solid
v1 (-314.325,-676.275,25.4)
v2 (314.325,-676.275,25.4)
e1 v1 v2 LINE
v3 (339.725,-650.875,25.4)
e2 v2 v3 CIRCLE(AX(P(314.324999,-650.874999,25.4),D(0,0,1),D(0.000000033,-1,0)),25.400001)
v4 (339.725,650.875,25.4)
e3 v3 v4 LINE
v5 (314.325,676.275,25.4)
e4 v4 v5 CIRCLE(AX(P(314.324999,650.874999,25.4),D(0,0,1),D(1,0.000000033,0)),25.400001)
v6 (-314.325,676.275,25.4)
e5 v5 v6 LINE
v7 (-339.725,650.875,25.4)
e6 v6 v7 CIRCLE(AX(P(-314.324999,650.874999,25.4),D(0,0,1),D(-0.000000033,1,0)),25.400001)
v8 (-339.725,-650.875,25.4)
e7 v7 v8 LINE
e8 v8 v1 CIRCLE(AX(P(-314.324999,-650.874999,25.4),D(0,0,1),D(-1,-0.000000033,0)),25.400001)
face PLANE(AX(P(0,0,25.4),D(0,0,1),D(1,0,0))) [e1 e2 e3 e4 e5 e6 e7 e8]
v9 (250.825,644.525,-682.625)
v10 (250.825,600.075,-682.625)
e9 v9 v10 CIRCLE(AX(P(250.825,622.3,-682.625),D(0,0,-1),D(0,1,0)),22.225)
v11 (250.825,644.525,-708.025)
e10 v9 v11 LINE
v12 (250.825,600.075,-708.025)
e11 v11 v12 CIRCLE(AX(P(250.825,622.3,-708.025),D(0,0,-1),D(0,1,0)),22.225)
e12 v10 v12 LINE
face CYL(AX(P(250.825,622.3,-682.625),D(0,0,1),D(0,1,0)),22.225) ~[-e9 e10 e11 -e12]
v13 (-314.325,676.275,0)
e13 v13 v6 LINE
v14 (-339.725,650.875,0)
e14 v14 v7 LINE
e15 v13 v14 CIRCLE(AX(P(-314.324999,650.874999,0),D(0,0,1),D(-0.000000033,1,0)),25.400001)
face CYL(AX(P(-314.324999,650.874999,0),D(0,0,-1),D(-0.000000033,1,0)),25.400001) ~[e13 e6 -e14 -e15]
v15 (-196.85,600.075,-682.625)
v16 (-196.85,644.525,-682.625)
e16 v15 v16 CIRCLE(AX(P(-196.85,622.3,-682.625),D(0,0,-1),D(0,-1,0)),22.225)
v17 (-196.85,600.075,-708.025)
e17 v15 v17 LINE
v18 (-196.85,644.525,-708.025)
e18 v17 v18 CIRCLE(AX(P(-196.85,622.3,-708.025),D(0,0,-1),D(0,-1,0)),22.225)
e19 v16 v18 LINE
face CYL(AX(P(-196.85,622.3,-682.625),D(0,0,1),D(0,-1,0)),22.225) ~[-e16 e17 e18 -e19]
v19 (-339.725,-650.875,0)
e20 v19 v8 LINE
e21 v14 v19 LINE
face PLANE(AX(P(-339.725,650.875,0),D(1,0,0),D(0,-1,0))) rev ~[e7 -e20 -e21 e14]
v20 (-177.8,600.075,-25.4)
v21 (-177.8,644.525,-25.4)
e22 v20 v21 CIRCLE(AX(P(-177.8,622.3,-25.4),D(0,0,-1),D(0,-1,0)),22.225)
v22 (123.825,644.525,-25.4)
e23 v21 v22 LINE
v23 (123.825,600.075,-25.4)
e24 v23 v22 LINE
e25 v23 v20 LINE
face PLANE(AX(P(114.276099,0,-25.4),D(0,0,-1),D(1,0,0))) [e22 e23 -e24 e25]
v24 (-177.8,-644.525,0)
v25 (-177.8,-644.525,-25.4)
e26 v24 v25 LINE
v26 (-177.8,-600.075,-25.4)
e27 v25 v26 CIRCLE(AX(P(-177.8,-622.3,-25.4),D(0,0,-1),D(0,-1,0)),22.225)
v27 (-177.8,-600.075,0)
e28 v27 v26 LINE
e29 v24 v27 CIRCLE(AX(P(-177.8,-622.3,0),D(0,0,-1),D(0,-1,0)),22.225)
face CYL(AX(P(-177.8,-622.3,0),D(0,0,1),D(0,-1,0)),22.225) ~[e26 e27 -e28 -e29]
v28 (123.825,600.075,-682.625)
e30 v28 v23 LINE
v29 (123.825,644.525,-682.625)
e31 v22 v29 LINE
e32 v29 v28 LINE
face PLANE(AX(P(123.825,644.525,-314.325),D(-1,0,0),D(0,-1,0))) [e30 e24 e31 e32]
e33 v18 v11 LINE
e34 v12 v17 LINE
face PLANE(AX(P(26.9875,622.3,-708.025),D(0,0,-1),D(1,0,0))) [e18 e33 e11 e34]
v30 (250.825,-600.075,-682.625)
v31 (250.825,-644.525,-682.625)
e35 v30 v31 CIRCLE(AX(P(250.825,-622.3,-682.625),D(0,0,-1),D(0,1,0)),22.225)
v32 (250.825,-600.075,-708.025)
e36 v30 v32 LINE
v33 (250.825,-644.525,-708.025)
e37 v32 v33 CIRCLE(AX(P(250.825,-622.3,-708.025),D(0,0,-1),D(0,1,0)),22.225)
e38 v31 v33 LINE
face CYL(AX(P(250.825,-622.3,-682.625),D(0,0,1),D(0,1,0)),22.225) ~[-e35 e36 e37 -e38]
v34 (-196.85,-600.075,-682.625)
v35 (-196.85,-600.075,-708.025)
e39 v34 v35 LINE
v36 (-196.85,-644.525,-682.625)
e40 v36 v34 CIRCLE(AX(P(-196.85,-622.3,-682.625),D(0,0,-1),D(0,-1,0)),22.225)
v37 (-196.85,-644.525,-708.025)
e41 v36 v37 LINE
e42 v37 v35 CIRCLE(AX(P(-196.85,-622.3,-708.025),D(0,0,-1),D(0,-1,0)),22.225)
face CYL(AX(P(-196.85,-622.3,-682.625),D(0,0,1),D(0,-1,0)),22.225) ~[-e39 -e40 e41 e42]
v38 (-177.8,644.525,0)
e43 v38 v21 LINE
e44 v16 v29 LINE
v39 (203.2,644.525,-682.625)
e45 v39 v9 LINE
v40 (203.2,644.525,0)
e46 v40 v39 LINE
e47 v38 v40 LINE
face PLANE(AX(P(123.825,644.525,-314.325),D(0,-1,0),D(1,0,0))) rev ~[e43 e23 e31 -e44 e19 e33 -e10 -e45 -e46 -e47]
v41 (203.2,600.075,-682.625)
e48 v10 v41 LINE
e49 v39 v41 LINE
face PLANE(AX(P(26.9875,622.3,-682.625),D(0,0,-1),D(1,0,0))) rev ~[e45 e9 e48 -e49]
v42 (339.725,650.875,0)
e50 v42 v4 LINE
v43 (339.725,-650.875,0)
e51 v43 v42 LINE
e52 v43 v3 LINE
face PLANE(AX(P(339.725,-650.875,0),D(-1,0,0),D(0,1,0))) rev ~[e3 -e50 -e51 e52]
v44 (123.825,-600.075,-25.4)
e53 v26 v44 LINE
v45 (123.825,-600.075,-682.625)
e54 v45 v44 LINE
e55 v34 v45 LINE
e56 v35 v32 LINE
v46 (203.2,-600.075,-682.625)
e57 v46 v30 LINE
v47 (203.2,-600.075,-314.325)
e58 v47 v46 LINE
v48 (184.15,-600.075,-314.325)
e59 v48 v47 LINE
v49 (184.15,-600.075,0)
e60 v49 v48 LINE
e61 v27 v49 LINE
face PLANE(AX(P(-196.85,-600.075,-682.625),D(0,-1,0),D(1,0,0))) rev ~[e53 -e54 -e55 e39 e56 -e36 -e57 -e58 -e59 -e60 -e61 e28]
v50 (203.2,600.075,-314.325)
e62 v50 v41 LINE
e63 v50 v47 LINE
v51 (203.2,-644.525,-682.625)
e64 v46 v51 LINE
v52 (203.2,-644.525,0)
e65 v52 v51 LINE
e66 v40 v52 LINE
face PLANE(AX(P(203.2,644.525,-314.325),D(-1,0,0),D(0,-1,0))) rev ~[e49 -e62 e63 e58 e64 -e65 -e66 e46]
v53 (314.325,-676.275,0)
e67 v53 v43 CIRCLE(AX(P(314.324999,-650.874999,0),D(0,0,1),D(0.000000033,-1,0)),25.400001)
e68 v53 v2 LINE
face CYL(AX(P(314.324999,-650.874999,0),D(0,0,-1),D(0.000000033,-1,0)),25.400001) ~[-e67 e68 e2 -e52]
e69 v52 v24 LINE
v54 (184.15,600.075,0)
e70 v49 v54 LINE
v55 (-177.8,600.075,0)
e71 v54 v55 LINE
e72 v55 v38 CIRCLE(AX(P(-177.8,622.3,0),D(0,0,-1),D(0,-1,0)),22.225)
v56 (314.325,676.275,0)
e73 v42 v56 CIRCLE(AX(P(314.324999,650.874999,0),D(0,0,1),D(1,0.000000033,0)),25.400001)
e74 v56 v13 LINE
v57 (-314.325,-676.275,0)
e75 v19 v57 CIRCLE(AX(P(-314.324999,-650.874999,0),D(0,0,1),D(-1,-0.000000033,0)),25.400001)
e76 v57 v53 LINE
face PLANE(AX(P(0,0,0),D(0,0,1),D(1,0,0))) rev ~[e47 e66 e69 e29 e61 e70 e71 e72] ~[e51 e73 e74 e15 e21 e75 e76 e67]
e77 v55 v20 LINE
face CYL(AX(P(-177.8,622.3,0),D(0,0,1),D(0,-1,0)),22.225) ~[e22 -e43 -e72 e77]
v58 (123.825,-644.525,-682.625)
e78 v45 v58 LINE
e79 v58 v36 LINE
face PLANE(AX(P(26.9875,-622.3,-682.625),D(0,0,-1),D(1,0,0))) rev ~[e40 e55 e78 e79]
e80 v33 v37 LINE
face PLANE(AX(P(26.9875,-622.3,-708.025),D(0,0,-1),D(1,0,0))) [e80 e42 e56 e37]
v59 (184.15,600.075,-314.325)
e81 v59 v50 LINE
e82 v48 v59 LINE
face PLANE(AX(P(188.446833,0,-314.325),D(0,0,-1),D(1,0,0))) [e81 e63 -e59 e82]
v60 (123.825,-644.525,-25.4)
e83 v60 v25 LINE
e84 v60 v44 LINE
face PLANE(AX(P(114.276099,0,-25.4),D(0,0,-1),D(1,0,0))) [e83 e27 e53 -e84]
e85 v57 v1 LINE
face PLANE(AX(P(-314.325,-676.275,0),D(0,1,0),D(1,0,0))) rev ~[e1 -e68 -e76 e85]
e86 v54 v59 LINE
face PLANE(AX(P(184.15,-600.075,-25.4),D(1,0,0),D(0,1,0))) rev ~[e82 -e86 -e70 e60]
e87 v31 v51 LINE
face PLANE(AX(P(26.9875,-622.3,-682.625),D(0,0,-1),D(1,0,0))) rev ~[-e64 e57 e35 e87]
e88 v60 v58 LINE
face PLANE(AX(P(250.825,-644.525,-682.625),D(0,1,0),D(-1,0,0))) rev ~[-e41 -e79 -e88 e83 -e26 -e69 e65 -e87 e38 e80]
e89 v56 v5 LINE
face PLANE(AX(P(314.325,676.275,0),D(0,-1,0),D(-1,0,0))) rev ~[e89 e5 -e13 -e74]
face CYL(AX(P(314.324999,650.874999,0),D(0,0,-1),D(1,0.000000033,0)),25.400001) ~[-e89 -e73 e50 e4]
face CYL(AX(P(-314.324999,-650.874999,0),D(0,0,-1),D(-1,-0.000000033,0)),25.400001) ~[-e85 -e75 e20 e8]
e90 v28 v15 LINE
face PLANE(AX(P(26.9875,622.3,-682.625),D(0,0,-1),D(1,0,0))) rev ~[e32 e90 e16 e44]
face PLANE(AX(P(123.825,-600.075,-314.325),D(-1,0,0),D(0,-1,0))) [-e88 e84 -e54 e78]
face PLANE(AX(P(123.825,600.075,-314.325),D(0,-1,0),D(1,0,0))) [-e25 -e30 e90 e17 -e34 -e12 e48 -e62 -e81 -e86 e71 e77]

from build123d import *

# Parameters (mm, degrees)
F1_DEPTH = 25.4
F3_DEPTH = 25.4
F5_DEPTH = 288.925
F6_W     = 79.375
F6_H     = 44.45
F7_DEPTH = 368.3
F9_DEPTH = 25.4


with BuildPart() as f1:
    # F0 (on Top) → F1 (new body)
    with BuildSketch(Plane.XY):
        with BuildLine():
            ThreePointArc((339.725, 650.875), (332.285512, 668.835512), (314.325, 676.275))
            Line((314.325, 676.275), (-314.325, 676.275))
            ThreePointArc((-314.325, 676.275), (-332.285512, 668.835512), (-339.725, 650.875))
            Line((-339.725, 650.875), (-339.725, -650.875))
            ThreePointArc((-339.725, -650.875), (-332.285512, -668.835512), (-314.325, -676.275))
            Line((-314.325, -676.275), (314.325, -676.275))
            ThreePointArc((314.325, -676.275), (332.285512, -668.835512), (339.725, -650.875))
            Line((339.725, -650.875), (339.725, 650.875))
        make_face()
    extrude(amount=F1_DEPTH)

    # F2 (on face) → F3 (join)
    with BuildSketch(Plane(origin=(0, 0, 0), x_dir=(1, 0, 0), z_dir=(0, 0, -1))):
        with BuildLine():
            ThreePointArc((-177.8, 644.525), (-200.025, 622.3), (-177.8, 600.075))
            Line((-177.8, 600.075), (184.15, 600.075))
            Line((184.15, 600.075), (184.15, -600.075))
            Line((184.15, -600.075), (-177.8, -600.075))
            ThreePointArc((-177.8, -600.075), (-200.025, -622.3), (-177.8, -644.525))
            Line((-177.8, -644.525), (203.2, -644.525))
            Line((203.2, -644.525), (203.2, 644.525))
            Line((203.2, 644.525), (-177.8, 644.525))
        make_face()
    extrude(amount=F3_DEPTH)

    # F4 (on face) → F5 (join)
    with BuildSketch(Plane(origin=(0, 0, -25.4), x_dir=(1, 0, 0), z_dir=(0, 0, -1))):
        Polygon((123.825, 644.525), (123.825, 600.075), (184.15, 600.075), (184.15, -600.075), (123.825, -600.075), (123.825, -644.525), (203.2, -644.525), (203.2, 644.525), align=None)
    extrude(amount=F5_DEPTH)

    # F6 (on face) → F7 (join)
    with BuildSketch(Plane(origin=(0, 0, -314.325), x_dir=(1, 0, 0), z_dir=(0, 0, -1))):
        with Locations((163.5125, -622.3)):
            Rectangle(F6_W, F6_H)
        with Locations((163.5125, 622.3)):
            Rectangle(F6_W, F6_H)
    extrude(amount=F7_DEPTH)

    # F8 (on face) → F9 (join)
    with BuildSketch(Plane(origin=(0, 0, -682.625), x_dir=(1, 0, 0), z_dir=(0, 0, -1))):
        with BuildLine():
            ThreePointArc((250.825, 600.075), (273.05, 622.3), (250.825, 644.525))
            Line((250.825, 644.525), (-196.85, 644.525))
            ThreePointArc((-196.85, 644.525), (-219.075, 622.3), (-196.85, 600.075))
            Line((-196.85, 600.075), (250.825, 600.075))
        make_face()
        with BuildLine():
            Line((250.825, -600.075), (-196.85, -600.075))
            ThreePointArc((-196.85, -600.075), (-219.075, -622.3), (-196.85, -644.525))
            Line((-196.85, -644.525), (250.825, -644.525))
            ThreePointArc((250.825, -644.525), (273.05, -622.3), (250.825, -600.075))
        make_face()
    extrude(amount=F9_DEPTH)


solid = f1.part
